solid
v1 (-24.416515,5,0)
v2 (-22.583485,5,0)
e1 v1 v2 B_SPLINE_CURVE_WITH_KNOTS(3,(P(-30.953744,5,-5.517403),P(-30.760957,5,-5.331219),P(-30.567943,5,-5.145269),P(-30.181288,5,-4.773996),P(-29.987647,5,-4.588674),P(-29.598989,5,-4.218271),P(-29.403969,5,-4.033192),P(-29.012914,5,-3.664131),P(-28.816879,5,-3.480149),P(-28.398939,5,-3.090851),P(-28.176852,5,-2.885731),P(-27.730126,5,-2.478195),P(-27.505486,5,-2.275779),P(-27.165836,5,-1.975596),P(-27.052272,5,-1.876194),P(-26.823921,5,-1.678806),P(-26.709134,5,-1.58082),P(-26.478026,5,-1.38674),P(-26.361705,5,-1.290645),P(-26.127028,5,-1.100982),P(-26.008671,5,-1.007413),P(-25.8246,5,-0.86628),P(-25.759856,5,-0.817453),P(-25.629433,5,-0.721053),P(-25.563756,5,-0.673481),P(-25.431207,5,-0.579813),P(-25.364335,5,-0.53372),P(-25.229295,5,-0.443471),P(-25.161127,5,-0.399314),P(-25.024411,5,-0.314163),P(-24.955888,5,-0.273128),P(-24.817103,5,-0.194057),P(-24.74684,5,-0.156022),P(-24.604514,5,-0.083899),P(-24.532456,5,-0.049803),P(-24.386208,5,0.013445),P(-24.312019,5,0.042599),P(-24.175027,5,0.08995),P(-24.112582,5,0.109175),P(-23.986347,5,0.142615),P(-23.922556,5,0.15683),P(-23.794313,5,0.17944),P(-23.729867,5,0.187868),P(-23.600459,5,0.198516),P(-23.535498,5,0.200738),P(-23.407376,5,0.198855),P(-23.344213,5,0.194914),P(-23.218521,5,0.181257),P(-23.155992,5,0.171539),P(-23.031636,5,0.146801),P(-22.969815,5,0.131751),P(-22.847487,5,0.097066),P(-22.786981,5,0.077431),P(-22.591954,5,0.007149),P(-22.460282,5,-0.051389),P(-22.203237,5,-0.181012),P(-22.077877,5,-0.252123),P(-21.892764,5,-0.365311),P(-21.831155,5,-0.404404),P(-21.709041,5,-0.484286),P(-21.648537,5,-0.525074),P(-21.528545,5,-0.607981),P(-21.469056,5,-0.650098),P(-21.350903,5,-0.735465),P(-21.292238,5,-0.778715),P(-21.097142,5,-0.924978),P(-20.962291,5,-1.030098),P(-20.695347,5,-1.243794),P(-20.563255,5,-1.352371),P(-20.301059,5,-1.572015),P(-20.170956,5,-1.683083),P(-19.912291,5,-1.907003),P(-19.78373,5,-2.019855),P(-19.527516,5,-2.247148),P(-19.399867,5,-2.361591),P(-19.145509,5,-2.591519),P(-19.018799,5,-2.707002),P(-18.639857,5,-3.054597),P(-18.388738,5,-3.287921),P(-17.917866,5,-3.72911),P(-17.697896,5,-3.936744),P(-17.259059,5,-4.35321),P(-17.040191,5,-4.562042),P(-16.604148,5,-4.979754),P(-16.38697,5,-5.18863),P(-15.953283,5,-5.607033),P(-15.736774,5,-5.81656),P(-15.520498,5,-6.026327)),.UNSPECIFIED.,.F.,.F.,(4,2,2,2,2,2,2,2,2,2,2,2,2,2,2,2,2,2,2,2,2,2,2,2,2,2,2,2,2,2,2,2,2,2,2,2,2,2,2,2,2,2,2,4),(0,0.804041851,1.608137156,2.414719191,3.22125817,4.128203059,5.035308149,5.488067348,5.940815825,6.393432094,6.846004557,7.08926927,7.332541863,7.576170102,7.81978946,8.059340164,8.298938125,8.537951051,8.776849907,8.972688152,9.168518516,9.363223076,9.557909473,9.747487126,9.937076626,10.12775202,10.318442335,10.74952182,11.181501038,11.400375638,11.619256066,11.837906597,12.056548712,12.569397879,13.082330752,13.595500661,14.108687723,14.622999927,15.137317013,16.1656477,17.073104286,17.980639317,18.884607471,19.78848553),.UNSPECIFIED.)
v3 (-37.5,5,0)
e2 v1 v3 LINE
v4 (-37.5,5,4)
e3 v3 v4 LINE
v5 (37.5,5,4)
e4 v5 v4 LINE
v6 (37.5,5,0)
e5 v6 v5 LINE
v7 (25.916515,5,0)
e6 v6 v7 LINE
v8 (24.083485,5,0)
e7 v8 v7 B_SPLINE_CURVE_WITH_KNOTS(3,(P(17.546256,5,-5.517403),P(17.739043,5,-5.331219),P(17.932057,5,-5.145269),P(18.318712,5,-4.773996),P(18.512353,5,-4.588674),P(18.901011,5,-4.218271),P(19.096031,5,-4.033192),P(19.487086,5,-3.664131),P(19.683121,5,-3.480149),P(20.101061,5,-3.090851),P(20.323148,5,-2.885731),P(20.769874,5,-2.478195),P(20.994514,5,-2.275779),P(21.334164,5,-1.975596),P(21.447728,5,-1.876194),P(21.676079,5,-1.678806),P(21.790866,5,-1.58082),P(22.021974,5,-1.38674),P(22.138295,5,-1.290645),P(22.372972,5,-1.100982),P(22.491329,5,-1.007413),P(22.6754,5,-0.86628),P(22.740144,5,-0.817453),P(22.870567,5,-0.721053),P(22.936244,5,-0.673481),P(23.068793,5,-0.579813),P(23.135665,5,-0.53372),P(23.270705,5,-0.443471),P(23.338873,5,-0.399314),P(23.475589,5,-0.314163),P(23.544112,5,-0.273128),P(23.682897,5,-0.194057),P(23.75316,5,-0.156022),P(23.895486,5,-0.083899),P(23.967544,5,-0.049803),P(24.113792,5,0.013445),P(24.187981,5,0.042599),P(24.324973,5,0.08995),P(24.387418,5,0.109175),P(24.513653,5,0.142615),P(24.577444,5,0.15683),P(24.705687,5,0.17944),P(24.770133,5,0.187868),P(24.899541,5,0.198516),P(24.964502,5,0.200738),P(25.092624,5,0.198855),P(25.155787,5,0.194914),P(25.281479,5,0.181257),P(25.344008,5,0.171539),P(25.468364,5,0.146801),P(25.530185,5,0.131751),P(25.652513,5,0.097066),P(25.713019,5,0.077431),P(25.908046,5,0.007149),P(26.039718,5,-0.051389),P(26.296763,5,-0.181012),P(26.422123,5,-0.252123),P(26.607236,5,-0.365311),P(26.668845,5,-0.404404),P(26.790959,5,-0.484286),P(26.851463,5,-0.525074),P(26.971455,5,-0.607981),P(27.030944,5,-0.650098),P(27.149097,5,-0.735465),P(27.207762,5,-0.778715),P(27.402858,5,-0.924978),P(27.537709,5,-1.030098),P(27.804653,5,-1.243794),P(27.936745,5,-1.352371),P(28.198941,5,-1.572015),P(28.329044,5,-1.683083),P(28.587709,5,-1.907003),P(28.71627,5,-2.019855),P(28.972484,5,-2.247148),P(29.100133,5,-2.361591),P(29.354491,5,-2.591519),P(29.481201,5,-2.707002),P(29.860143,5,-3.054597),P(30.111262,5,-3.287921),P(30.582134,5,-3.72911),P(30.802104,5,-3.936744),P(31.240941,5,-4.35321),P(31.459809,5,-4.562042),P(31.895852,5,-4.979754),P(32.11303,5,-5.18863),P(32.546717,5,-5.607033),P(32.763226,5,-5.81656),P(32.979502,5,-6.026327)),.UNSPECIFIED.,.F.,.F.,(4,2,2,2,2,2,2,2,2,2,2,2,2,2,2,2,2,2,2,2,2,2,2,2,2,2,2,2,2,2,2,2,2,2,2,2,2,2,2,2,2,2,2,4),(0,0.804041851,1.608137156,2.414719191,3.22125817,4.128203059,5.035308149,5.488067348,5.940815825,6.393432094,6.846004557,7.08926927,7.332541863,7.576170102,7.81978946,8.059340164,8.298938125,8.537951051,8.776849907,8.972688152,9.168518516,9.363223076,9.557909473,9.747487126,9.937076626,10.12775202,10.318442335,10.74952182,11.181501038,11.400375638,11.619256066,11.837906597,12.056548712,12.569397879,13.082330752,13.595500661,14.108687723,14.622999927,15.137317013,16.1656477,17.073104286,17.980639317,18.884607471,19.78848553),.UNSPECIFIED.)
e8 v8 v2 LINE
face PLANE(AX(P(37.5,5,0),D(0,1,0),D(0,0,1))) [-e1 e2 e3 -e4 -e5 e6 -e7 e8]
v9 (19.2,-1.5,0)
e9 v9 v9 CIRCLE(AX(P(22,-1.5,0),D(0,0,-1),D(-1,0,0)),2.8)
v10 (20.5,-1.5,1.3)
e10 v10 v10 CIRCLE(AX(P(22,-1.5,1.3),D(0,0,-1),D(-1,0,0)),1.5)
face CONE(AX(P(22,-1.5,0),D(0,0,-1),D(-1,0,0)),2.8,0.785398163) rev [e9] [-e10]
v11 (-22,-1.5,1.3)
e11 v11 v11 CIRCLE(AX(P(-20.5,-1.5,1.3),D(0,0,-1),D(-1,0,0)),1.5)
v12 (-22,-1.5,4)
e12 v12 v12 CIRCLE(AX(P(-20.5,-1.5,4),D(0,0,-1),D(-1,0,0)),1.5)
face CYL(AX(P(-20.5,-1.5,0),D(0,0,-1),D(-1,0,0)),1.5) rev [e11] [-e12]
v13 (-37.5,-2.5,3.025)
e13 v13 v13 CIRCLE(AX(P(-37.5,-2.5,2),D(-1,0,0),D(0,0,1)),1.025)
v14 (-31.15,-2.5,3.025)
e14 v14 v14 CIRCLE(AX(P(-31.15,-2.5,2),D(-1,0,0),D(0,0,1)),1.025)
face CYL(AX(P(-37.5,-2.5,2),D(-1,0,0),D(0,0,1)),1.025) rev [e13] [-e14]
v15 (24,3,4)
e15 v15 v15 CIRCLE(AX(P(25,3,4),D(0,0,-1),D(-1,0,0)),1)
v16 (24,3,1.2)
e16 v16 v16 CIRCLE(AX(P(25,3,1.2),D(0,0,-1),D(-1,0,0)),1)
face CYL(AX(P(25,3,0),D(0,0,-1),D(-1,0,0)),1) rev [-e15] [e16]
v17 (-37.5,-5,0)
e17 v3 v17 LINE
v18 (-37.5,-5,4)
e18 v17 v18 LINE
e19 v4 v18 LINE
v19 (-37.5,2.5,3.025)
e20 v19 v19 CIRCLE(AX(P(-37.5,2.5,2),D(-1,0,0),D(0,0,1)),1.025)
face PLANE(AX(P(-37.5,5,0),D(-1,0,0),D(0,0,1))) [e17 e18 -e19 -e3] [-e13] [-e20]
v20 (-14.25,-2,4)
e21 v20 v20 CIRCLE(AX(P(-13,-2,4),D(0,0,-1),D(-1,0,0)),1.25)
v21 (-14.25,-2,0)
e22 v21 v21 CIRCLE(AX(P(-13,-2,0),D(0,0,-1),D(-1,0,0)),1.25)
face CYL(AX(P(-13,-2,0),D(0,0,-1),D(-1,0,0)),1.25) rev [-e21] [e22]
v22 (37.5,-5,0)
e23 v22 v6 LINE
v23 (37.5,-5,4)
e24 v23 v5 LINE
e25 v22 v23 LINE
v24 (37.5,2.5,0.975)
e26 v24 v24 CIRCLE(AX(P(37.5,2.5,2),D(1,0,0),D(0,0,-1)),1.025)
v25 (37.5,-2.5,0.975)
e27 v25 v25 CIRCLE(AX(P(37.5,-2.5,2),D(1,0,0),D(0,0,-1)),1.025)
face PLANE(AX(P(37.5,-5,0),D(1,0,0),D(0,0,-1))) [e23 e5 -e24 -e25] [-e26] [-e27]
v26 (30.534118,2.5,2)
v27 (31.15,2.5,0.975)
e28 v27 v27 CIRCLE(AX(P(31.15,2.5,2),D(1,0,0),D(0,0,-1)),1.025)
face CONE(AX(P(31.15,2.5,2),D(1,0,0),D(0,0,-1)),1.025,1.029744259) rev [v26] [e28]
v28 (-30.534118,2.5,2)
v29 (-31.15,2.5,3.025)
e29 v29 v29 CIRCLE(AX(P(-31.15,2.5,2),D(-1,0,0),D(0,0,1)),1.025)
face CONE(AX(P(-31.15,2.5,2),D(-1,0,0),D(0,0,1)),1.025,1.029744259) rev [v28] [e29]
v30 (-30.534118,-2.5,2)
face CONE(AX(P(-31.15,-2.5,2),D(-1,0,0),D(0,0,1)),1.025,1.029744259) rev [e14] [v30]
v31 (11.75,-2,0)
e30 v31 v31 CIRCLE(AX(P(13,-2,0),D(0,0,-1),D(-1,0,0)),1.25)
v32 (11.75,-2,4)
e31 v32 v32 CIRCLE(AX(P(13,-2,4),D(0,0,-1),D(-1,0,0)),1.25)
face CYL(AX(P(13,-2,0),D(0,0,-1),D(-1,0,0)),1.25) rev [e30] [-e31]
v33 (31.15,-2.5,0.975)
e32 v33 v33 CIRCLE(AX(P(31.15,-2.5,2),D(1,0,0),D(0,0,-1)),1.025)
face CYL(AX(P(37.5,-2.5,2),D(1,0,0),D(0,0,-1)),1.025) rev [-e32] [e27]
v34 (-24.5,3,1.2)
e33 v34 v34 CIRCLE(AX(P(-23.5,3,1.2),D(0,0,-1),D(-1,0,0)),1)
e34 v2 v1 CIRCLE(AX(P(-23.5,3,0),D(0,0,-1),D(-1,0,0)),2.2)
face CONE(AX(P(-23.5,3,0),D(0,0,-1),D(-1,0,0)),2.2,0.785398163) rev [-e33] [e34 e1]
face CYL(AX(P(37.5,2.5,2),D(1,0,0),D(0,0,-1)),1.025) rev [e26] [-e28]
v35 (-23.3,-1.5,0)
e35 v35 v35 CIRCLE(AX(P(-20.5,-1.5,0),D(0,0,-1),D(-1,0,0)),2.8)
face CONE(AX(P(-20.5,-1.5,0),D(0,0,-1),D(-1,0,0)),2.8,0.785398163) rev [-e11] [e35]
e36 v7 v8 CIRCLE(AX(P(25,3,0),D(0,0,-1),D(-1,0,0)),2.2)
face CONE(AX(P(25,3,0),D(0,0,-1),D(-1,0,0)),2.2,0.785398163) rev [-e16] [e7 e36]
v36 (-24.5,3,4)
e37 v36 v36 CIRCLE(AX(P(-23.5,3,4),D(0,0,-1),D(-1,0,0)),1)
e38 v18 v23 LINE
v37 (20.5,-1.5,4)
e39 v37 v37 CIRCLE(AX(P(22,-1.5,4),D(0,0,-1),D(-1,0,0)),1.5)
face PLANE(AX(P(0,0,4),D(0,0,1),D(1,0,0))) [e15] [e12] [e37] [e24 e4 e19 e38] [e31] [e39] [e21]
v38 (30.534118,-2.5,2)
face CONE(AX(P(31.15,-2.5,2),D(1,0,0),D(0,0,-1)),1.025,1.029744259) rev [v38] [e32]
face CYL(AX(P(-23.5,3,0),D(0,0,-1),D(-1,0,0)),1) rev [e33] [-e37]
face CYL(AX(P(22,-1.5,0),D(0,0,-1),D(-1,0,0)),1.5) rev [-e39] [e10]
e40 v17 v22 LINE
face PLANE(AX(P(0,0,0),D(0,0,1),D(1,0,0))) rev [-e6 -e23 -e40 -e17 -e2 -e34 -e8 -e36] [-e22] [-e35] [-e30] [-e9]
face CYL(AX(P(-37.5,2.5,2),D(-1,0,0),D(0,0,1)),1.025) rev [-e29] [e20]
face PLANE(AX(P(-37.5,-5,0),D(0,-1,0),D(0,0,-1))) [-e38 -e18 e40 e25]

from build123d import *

# Parameters (mm, degrees)
SKETCH1_W                     = 75
SKETCH1_H                     = 10
BOSS_EXTRUDE1_DEPTH           = 4
M3X0_5_TAPPED_HOLE1_D         = 2.5
CSK_FOR_M3_SFHCS1_D           = 3
CSK_FOR_M3_SFHCS1_CSINK_D     = 5.6
CSK_FOR_M3_SFHCS1_CSINK_ANGLE = 90
CSK_FOR_M3_SFHCS2_D           = 2
CSK_FOR_M3_SFHCS2_CSINK_D     = 4.4
CSK_FOR_M3_SFHCS2_CSINK_ANGLE = 90
M2_5X0_45_TAPPED_HOLE1_D      = 2.05
M2_5X0_45_TAPPED_HOLE1_DEPTH  = 6.35
M2_5X0_45_TAPPED_HOLE1_TIP    = 0.615882135
M2_5X0_45_TAPPED_HOLE2_D      = 2.05
M2_5X0_45_TAPPED_HOLE2_DEPTH  = 6.35
M2_5X0_45_TAPPED_HOLE2_TIP    = 0.615882135


with BuildPart() as part:
    # Sketch1 → Boss-Extrude1 (new body)
    with BuildSketch(Plane.XY.offset(4)):
        Rectangle(SKETCH1_W, SKETCH1_H)
    extrude(amount=-BOSS_EXTRUDE1_DEPTH)

    # M3x0.5 Tapped Hole1 (through all)
    with Locations(Plane(origin=(0, 0, 0), x_dir=(-1, 0, 0), z_dir=(0, 0, -1))):
        with Locations((-13, -2), (13, -2)):
            Hole(M3X0_5_TAPPED_HOLE1_D / 2)

    # CSK for M3 SFHCS1 (through all)
    with Locations(Plane(origin=(0, 0, 0), x_dir=(-1, 0, 0), z_dir=(0, 0, -1))):
        with Locations((-22, -1.5), (20.5, -1.5)):
            CounterSinkHole(CSK_FOR_M3_SFHCS1_D / 2, CSK_FOR_M3_SFHCS1_CSINK_D / 2, counter_sink_angle=CSK_FOR_M3_SFHCS1_CSINK_ANGLE)

    # CSK for M3 SFHCS2 (through all)
    with Locations(Plane(origin=(0, 0, 0), x_dir=(-1, 0, 0), z_dir=(0, 0, -1))):
        with Locations((23.5, 3), (-25, 3)):
            CounterSinkHole(CSK_FOR_M3_SFHCS2_D / 2, CSK_FOR_M3_SFHCS2_CSINK_D / 2, counter_sink_angle=CSK_FOR_M3_SFHCS2_CSINK_ANGLE)

    # M2.5x0.45 Tapped Hole1
    with Locations(Plane(origin=(37.5, 0, 0), x_dir=(0, 0, -1), z_dir=(1, 0, 0))):
        with Locations((-2, 2.5), (-2, -2.5)):
            Hole(M2_5X0_45_TAPPED_HOLE1_D / 2, depth=M2_5X0_45_TAPPED_HOLE1_DEPTH)
            with Locations((0, 0, -(M2_5X0_45_TAPPED_HOLE1_DEPTH + M2_5X0_45_TAPPED_HOLE1_TIP / 2))):  # 118° drill point
                Cone(0, M2_5X0_45_TAPPED_HOLE1_D / 2, M2_5X0_45_TAPPED_HOLE1_TIP, mode=Mode.SUBTRACT)

    # M2.5x0.45 Tapped Hole2
    with Locations(Plane.ZY.offset(37.5)):
        with Locations((2, -2.5), (2, 2.5)):
            Hole(M2_5X0_45_TAPPED_HOLE2_D / 2, depth=M2_5X0_45_TAPPED_HOLE2_DEPTH)
            with Locations((0, 0, -(M2_5X0_45_TAPPED_HOLE2_DEPTH + M2_5X0_45_TAPPED_HOLE2_TIP / 2))):  # 118° drill point
                Cone(0, M2_5X0_45_TAPPED_HOLE2_D / 2, M2_5X0_45_TAPPED_HOLE2_TIP, mode=Mode.SUBTRACT)


solid = part.part
